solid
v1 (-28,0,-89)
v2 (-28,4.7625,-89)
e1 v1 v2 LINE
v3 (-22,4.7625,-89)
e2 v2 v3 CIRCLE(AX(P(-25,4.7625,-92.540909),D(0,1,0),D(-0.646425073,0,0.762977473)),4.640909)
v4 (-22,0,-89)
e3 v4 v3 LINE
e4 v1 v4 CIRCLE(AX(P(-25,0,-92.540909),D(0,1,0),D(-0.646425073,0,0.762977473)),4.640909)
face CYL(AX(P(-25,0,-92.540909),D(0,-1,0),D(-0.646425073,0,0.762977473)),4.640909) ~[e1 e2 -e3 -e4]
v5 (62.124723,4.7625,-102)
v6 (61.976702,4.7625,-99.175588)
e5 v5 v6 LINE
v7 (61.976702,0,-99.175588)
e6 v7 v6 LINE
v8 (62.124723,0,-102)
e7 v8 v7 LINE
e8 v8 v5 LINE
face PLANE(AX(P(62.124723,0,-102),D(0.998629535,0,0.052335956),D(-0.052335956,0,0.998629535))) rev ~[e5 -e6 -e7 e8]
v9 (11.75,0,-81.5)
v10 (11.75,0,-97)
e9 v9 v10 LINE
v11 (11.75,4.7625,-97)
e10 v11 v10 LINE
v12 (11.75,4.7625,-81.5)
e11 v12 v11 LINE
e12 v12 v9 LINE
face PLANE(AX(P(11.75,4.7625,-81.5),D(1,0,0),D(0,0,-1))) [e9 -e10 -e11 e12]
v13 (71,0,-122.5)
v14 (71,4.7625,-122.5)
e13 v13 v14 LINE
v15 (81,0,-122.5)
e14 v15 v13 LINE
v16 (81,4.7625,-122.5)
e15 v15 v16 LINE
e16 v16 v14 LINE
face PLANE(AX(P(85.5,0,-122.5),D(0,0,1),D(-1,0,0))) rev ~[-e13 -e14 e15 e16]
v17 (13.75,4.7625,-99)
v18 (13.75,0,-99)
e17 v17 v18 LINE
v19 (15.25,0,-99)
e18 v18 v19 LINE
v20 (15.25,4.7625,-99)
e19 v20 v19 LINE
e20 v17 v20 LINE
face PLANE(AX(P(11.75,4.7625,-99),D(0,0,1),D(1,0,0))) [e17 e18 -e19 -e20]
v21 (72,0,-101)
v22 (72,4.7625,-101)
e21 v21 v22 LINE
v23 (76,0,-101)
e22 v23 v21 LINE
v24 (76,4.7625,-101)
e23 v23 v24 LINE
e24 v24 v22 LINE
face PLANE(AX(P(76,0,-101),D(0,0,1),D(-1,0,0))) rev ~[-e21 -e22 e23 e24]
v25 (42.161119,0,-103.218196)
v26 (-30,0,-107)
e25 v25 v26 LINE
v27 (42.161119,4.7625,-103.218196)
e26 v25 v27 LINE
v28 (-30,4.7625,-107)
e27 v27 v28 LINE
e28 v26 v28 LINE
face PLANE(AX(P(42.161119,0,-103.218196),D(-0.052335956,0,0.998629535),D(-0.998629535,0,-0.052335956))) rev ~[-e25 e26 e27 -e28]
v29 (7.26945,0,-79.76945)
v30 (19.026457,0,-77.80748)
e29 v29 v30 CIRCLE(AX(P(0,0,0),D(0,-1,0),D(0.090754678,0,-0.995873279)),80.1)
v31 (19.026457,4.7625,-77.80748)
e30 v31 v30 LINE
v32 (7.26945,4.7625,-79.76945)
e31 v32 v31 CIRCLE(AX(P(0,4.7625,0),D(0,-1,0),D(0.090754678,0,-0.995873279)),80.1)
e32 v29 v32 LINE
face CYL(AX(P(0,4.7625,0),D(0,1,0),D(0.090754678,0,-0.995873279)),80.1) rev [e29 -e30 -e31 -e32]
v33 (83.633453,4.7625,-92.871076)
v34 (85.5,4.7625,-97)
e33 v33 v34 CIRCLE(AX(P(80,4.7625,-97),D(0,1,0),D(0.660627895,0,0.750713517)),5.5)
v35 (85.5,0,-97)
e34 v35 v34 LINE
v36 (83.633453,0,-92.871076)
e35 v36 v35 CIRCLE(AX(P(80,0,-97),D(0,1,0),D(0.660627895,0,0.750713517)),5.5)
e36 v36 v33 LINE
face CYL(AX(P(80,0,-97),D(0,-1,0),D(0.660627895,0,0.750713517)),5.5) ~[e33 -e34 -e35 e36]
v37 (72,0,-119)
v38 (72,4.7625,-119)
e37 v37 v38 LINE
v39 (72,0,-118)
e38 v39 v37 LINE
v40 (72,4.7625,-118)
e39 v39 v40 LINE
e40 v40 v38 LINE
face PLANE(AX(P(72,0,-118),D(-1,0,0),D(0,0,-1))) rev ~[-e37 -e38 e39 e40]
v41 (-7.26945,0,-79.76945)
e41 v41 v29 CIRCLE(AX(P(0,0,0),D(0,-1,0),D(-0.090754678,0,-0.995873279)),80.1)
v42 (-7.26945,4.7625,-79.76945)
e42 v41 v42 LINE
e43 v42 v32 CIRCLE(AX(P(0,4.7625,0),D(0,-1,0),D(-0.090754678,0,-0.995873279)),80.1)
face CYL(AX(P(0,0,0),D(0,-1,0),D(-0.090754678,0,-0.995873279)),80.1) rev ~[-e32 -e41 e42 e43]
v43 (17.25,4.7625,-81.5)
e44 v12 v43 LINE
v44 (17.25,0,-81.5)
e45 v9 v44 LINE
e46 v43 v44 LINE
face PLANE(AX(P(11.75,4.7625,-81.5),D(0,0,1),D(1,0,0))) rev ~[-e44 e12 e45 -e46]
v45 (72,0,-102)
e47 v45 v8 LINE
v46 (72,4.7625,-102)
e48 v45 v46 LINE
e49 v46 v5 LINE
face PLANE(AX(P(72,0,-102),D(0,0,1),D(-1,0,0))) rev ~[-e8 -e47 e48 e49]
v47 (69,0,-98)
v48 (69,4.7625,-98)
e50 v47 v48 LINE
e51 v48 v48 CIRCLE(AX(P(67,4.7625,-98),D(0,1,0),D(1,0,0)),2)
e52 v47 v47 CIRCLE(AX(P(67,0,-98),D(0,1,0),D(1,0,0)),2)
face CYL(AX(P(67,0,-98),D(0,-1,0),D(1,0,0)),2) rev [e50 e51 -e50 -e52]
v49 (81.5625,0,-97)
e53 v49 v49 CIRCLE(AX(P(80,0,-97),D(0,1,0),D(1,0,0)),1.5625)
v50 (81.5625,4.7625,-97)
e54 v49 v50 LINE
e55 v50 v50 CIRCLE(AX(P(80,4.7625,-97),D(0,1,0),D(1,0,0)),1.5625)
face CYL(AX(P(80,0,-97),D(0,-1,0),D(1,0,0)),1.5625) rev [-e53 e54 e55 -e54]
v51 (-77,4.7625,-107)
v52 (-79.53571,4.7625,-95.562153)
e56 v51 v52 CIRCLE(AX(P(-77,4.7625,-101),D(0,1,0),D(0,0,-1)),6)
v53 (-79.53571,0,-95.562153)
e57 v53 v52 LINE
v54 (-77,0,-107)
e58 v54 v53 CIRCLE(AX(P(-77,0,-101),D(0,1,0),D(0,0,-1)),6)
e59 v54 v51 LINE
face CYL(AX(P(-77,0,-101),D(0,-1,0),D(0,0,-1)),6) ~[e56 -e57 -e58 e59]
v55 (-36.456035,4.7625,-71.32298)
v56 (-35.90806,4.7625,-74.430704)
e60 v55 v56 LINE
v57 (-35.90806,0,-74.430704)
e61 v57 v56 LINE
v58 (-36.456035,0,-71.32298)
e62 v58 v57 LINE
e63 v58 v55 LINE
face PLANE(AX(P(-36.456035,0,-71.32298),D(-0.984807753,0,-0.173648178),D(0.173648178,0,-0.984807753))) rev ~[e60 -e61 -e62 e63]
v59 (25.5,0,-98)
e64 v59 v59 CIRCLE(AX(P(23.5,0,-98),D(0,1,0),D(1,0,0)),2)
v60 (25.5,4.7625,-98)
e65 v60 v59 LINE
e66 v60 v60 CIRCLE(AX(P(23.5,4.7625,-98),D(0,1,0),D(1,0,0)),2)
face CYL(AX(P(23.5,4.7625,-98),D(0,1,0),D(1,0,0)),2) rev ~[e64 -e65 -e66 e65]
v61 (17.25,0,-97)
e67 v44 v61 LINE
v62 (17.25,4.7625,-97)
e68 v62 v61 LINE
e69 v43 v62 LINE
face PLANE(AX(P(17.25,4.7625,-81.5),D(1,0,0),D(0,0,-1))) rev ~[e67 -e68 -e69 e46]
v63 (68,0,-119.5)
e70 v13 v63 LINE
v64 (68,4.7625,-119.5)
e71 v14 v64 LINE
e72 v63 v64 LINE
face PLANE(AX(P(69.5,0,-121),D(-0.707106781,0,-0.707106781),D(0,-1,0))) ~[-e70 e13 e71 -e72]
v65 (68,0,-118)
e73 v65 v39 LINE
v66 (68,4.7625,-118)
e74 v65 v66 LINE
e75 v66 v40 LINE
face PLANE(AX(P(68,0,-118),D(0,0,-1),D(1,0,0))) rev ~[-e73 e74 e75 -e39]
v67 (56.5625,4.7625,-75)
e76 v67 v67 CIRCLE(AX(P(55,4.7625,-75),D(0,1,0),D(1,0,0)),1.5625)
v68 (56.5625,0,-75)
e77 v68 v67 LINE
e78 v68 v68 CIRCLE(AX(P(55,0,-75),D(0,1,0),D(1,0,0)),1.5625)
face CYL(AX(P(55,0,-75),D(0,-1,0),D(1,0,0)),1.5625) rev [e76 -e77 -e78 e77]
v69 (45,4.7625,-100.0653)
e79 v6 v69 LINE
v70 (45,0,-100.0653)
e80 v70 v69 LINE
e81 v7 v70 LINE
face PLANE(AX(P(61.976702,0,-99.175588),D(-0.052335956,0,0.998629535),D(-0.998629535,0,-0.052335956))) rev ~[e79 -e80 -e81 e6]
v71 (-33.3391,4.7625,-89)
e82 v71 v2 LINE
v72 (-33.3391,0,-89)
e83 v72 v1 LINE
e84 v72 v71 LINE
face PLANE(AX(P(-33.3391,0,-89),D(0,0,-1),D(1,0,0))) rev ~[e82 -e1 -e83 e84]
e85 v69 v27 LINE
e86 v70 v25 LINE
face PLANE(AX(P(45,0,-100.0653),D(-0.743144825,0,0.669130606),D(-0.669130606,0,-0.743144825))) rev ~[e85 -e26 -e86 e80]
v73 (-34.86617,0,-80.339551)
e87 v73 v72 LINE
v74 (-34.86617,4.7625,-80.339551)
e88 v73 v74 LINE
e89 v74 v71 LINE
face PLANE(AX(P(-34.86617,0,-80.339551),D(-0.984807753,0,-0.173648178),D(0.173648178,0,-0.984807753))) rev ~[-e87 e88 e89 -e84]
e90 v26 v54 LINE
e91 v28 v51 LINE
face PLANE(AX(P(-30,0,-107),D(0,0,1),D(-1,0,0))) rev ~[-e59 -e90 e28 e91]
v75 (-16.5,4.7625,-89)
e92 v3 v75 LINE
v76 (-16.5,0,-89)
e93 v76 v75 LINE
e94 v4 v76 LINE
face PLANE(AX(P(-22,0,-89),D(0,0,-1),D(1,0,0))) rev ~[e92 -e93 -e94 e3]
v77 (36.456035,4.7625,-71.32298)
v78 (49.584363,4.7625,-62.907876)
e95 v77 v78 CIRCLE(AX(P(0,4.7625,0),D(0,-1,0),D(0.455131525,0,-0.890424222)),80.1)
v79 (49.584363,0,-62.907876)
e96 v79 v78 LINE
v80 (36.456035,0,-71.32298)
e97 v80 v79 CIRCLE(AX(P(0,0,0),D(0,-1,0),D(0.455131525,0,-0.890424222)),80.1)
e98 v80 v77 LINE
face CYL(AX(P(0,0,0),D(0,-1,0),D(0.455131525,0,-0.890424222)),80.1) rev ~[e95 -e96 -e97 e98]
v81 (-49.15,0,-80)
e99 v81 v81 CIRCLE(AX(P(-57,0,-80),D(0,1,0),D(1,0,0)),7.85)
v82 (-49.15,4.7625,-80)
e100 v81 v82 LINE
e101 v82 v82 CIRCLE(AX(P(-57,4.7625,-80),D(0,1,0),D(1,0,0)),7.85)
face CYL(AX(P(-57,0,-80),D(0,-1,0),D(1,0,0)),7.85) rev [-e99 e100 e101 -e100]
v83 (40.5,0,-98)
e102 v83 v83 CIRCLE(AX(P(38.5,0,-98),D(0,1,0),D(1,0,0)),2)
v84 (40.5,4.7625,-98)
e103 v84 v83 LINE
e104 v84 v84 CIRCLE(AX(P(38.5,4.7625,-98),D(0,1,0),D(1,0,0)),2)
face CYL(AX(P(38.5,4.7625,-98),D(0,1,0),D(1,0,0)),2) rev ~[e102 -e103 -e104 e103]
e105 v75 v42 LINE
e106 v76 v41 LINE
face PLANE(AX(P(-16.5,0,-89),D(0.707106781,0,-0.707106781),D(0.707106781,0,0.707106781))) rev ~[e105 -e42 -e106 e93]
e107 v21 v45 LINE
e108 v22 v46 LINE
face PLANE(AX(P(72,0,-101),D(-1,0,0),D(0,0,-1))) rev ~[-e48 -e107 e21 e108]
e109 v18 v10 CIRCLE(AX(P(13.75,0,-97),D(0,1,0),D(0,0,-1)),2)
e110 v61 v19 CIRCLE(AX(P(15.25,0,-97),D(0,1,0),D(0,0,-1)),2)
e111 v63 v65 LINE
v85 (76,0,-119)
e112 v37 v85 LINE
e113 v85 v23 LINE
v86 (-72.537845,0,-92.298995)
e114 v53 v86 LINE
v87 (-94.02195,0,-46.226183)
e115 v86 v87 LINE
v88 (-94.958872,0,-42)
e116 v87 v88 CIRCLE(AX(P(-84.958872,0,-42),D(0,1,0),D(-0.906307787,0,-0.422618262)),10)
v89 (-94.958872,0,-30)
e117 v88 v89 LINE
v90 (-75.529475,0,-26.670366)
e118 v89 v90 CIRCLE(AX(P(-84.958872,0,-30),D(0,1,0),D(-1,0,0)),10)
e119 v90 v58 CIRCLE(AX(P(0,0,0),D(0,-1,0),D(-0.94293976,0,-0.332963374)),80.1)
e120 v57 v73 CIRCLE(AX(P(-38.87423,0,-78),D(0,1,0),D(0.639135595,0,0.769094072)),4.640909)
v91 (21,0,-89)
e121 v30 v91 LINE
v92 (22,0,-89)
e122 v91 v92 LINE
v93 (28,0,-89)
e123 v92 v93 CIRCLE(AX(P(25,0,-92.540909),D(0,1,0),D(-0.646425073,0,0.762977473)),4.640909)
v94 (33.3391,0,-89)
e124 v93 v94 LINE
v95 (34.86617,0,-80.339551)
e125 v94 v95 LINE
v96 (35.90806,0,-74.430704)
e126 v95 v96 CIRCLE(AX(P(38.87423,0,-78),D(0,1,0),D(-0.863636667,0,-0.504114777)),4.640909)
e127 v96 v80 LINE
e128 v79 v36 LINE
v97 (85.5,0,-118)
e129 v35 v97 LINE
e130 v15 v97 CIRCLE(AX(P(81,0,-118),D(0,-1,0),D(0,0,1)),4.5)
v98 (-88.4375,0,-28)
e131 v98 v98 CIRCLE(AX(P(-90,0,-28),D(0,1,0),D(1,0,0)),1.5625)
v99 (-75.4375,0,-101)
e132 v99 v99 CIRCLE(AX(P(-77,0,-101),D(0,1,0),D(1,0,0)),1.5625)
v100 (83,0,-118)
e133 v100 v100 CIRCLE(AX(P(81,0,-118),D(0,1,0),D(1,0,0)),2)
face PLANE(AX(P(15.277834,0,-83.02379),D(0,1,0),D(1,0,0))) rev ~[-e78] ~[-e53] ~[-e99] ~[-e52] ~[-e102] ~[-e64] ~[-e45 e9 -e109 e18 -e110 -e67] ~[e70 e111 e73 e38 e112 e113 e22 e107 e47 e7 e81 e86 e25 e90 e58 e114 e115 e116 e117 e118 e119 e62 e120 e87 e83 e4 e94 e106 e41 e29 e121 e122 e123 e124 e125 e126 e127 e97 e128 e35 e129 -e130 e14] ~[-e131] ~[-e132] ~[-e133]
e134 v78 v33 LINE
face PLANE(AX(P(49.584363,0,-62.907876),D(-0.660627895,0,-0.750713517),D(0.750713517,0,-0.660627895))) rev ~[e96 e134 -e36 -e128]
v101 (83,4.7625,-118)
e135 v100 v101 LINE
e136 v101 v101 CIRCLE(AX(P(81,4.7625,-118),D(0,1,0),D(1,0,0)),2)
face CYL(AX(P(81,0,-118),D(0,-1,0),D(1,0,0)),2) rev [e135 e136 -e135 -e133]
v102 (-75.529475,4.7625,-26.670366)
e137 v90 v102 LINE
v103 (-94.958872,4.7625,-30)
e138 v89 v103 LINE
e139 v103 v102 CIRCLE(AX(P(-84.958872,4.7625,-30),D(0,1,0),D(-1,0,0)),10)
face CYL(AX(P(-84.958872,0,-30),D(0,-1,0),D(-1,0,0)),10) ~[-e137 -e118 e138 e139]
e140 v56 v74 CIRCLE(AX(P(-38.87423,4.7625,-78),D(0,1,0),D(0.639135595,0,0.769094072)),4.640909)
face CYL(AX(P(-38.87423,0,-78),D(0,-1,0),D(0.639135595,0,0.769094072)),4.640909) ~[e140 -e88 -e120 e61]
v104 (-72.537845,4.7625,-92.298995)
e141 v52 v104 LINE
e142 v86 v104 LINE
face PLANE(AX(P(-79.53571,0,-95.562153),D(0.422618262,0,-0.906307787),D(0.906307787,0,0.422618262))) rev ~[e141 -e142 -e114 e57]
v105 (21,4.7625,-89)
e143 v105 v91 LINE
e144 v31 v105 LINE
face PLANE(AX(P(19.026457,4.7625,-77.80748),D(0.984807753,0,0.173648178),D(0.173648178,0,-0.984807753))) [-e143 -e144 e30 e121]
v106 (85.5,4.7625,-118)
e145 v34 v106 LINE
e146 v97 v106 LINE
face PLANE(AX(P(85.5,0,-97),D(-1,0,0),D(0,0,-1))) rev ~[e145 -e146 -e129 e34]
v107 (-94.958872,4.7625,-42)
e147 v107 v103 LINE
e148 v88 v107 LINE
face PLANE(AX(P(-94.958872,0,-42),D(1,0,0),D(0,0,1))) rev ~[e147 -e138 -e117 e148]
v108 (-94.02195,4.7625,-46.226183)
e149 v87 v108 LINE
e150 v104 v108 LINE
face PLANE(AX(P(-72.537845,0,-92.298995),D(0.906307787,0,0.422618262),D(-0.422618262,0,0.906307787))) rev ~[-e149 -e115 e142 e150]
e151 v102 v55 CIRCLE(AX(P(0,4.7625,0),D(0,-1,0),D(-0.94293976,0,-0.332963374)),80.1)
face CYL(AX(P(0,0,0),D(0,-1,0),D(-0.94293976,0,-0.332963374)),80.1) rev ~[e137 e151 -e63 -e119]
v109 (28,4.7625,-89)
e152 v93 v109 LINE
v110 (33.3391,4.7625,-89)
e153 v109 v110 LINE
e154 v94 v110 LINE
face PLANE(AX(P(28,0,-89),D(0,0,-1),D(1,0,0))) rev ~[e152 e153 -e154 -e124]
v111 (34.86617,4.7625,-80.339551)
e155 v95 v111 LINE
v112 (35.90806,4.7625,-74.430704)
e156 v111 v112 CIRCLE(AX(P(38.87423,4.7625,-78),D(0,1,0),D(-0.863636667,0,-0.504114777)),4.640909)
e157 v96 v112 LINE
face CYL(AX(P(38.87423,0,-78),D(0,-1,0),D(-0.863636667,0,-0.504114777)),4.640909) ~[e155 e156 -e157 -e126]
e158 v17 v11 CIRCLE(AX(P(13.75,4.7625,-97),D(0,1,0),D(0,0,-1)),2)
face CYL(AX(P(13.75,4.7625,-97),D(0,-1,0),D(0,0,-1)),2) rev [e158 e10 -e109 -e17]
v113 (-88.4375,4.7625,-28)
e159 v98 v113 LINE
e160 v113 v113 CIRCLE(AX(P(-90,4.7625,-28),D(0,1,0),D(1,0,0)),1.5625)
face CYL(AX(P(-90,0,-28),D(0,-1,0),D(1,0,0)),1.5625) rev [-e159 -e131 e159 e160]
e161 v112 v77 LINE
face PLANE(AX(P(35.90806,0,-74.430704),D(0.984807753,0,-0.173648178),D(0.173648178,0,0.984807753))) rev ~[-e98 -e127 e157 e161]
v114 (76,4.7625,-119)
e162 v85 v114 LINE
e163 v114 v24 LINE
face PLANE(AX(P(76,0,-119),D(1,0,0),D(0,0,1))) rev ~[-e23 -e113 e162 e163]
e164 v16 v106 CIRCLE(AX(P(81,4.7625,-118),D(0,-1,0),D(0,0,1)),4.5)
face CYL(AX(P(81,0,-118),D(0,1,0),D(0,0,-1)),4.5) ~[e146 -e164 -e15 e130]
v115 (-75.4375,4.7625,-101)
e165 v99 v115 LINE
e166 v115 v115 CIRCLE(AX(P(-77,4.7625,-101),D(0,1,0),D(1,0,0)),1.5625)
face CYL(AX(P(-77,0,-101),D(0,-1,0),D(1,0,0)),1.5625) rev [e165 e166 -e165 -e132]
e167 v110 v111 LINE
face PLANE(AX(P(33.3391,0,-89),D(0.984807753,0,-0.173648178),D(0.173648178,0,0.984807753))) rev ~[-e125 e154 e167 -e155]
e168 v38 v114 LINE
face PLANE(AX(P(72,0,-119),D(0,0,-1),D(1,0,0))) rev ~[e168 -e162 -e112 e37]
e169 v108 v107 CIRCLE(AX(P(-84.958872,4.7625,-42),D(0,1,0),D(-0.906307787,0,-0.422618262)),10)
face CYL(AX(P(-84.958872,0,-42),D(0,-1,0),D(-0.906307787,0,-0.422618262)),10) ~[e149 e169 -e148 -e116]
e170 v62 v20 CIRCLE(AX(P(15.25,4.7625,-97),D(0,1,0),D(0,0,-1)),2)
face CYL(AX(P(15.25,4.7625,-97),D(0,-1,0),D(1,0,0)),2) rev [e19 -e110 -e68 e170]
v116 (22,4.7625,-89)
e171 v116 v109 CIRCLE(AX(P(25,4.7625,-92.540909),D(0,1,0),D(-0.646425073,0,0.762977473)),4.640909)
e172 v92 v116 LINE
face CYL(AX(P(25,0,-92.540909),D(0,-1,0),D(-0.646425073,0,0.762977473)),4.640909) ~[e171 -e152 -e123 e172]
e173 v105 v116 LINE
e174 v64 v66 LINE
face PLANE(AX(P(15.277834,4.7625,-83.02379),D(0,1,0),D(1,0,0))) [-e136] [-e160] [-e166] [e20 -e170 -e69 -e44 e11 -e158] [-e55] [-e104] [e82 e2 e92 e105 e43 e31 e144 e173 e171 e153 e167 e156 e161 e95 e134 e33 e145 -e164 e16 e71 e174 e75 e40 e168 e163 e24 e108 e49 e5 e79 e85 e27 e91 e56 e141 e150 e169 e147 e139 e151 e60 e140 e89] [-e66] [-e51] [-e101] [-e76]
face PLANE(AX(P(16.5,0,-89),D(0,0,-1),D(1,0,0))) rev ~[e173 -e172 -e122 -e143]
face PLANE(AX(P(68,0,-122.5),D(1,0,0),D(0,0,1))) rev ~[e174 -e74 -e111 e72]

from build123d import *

# Parameters (mm, degrees)
SKETCH1_R           = 7.85
SKETCH1_R_2         = 1.5625
SKETCH1_R_3         = 2
BOSS_EXTRUDE1_DEPTH = 4.7625
BOSS_EXTRUDE2_DEPTH = 4.7625
SKETCH4_R           = 2
SKETCH4_W           = 5.5
SKETCH4_H           = 17.5
CUT_EXTRUDE1_DEPTH  = 5.7625
CHAMFER1_SIZE       = 3
FILLET1_R           = 4.5
FILLET2_R           = 2


with BuildPart() as part:
    # Sketch1 → Boss-Extrude1 (new body)
    with BuildSketch(Plane(origin=(0, 0, 0), x_dir=(1, 0, 0), z_dir=(0, 1, 0))):
        with BuildLine():
            Line((-36.456035166, 71.322980167), (-35.908059548, 74.43070433))
            ThreePointArc((-35.908059548, 74.43070433), (-34.303826486, 77.194114594), (-34.866170482, 80.339550848))
            Line((-34.866170482, 80.339550848), (-33.339099631, 89))
            Line((-33.339099631, 89), (-28, 89))
            ThreePointArc((-28, 89), (-25, 87.9), (-22, 89))
            Line((-22, 89), (-16.5, 89))
            Line((-16.5, 89), (-7.269449675, 79.769449675))
            ThreePointArc((-7.269449675, 79.769449675), (0, 80.1), (7.269449675, 79.769449675))
            Line((7.269449675, 79.769449675), (16.5, 89))
            Line((16.5, 89), (22, 89))
            ThreePointArc((22, 89), (25, 87.9), (28, 89))
            Line((28, 89), (33.339099631, 89))
            Line((33.339099631, 89), (34.866170482, 80.339550848))
            ThreePointArc((34.866170482, 80.339550848), (34.303826486, 77.194114594), (35.908059548, 74.43070433))
            Line((35.908059548, 74.43070433), (36.456035166, 71.322980167))
            ThreePointArc((36.456035166, 71.322980167), (43.225467457, 67.435665364), (49.584363344, 62.907876389))
            Line((49.584363344, 62.907876389), (83.633453422, 92.871075657))
            ThreePointArc((83.633453422, 92.871075657), (85.011686035, 94.734386818), (85.5, 97))
            Line((85.5, 97), (85.5, 122.5))
            Line((85.5, 122.5), (68, 122.5))
            Line((68, 122.5), (68, 118))
            Line((68, 118), (72, 118))
            Line((72, 118), (72, 119))
            Line((72, 119), (76, 119))
            Line((76, 119), (76, 101))
            Line((76, 101), (72, 101))
            Line((72, 101), (72, 102))
            Line((72, 102), (62.124723238, 102))
            Line((62.124723238, 102), (61.976702091, 99.17558826))
            Line((61.976702091, 99.17558826), (45, 100.065299516))
            Line((45, 100.065299516), (42.161119264, 103.218195989))
            Line((42.161119264, 103.218195989), (-30, 107))
            Line((-30, 107), (-77, 107))
            ThreePointArc((-77, 107), (-82.857776043, 102.298637684), (-79.53570957, 95.562153278))
            Line((-79.53570957, 95.562153278), (-72.537844854, 92.29899537))
            Line((-72.537844854, 92.29899537), (-94.021950273, 46.226182617))
            ThreePointArc((-94.021950273, 46.226182617), (-94.721832474, 44.164396139), (-94.958872403, 42))
            Line((-94.958872403, 42), (-94.958872403, 30))
            ThreePointArc((-94.958872403, 30), (-86.647958542, 20.143682837), (-75.5294748, 26.67036626))
            ThreePointArc((-75.5294748, 26.67036626), (-60.279785939, 52.748055957), (-36.456035166, 71.322980167))
        make_face()
        with Locations((-57, 80)):
            Circle(SKETCH1_R, mode=Mode.SUBTRACT)
        with Locations((80, 97)):
            Circle(SKETCH1_R_2, mode=Mode.SUBTRACT)
        with Locations((-90, 28)):
            Circle(SKETCH1_R_2, mode=Mode.SUBTRACT)
        with Locations((-77, 101)):
            Circle(SKETCH1_R_2, mode=Mode.SUBTRACT)
        with Locations((81, 118)):
            Circle(SKETCH1_R_3, mode=Mode.SUBTRACT)
        with Locations((67, 98)):
            Circle(SKETCH1_R_3, mode=Mode.SUBTRACT)
        with Locations((55, 75)):
            Circle(SKETCH1_R_2, mode=Mode.SUBTRACT)
    extrude(amount=BOSS_EXTRUDE1_DEPTH)

    # Sketch2 → Boss-Extrude2 (add)
    with BuildSketch(Plane(origin=(0, 4.7625, 0), x_dir=(1, 0, 0), z_dir=(0, 1, 0))):
        with BuildLine():
            Line((19.026456742, 77.807479999), (21, 89))
            Line((21, 89), (16.5, 89))
            Line((16.5, 89), (7.269449675, 79.769449675))
            ThreePointArc((7.269449675, 79.769449675), (13.184498656, 79.007461642), (19.026456742, 77.807479999))
        make_face()
    extrude(amount=-BOSS_EXTRUDE2_DEPTH)

    # Sketch4 → Cut-Extrude1 (cut, through all)
    with BuildSketch(Plane(origin=(0, 4.7625, 0), x_dir=(1, 0, 0), z_dir=(0, 1, 0))):
        with Locations((23.5, 98)):
            Circle(SKETCH4_R)
        with Locations((38.5, 98)):
            Circle(SKETCH4_R)
        with Locations((14.5, 90.25)):
            Rectangle(SKETCH4_W, SKETCH4_H)
    extrude(amount=-CUT_EXTRUDE1_DEPTH, mode=Mode.SUBTRACT)

    # Chamfer1
    chamfer1_edges = [part.edges().sort_by_distance(p)[0] for p in [
        (68, 2.38125, -122.5),
    ]]
    chamfer(chamfer1_edges, length=CHAMFER1_SIZE)

    # Fillet1
    fillet1_edges = [part.edges().sort_by_distance(p)[0] for p in [
        (85.5, 2.38125, -122.5),
    ]]
    fillet(fillet1_edges, radius=FILLET1_R)

    # Fillet2
    fillet2_edges = [part.edges().sort_by_distance(p)[0] for p in [
        (17.25, 2.38125, -99),
        (11.75, 2.38125, -99),
    ]]
    fillet(fillet2_edges, radius=FILLET2_R)


solid = part.part
